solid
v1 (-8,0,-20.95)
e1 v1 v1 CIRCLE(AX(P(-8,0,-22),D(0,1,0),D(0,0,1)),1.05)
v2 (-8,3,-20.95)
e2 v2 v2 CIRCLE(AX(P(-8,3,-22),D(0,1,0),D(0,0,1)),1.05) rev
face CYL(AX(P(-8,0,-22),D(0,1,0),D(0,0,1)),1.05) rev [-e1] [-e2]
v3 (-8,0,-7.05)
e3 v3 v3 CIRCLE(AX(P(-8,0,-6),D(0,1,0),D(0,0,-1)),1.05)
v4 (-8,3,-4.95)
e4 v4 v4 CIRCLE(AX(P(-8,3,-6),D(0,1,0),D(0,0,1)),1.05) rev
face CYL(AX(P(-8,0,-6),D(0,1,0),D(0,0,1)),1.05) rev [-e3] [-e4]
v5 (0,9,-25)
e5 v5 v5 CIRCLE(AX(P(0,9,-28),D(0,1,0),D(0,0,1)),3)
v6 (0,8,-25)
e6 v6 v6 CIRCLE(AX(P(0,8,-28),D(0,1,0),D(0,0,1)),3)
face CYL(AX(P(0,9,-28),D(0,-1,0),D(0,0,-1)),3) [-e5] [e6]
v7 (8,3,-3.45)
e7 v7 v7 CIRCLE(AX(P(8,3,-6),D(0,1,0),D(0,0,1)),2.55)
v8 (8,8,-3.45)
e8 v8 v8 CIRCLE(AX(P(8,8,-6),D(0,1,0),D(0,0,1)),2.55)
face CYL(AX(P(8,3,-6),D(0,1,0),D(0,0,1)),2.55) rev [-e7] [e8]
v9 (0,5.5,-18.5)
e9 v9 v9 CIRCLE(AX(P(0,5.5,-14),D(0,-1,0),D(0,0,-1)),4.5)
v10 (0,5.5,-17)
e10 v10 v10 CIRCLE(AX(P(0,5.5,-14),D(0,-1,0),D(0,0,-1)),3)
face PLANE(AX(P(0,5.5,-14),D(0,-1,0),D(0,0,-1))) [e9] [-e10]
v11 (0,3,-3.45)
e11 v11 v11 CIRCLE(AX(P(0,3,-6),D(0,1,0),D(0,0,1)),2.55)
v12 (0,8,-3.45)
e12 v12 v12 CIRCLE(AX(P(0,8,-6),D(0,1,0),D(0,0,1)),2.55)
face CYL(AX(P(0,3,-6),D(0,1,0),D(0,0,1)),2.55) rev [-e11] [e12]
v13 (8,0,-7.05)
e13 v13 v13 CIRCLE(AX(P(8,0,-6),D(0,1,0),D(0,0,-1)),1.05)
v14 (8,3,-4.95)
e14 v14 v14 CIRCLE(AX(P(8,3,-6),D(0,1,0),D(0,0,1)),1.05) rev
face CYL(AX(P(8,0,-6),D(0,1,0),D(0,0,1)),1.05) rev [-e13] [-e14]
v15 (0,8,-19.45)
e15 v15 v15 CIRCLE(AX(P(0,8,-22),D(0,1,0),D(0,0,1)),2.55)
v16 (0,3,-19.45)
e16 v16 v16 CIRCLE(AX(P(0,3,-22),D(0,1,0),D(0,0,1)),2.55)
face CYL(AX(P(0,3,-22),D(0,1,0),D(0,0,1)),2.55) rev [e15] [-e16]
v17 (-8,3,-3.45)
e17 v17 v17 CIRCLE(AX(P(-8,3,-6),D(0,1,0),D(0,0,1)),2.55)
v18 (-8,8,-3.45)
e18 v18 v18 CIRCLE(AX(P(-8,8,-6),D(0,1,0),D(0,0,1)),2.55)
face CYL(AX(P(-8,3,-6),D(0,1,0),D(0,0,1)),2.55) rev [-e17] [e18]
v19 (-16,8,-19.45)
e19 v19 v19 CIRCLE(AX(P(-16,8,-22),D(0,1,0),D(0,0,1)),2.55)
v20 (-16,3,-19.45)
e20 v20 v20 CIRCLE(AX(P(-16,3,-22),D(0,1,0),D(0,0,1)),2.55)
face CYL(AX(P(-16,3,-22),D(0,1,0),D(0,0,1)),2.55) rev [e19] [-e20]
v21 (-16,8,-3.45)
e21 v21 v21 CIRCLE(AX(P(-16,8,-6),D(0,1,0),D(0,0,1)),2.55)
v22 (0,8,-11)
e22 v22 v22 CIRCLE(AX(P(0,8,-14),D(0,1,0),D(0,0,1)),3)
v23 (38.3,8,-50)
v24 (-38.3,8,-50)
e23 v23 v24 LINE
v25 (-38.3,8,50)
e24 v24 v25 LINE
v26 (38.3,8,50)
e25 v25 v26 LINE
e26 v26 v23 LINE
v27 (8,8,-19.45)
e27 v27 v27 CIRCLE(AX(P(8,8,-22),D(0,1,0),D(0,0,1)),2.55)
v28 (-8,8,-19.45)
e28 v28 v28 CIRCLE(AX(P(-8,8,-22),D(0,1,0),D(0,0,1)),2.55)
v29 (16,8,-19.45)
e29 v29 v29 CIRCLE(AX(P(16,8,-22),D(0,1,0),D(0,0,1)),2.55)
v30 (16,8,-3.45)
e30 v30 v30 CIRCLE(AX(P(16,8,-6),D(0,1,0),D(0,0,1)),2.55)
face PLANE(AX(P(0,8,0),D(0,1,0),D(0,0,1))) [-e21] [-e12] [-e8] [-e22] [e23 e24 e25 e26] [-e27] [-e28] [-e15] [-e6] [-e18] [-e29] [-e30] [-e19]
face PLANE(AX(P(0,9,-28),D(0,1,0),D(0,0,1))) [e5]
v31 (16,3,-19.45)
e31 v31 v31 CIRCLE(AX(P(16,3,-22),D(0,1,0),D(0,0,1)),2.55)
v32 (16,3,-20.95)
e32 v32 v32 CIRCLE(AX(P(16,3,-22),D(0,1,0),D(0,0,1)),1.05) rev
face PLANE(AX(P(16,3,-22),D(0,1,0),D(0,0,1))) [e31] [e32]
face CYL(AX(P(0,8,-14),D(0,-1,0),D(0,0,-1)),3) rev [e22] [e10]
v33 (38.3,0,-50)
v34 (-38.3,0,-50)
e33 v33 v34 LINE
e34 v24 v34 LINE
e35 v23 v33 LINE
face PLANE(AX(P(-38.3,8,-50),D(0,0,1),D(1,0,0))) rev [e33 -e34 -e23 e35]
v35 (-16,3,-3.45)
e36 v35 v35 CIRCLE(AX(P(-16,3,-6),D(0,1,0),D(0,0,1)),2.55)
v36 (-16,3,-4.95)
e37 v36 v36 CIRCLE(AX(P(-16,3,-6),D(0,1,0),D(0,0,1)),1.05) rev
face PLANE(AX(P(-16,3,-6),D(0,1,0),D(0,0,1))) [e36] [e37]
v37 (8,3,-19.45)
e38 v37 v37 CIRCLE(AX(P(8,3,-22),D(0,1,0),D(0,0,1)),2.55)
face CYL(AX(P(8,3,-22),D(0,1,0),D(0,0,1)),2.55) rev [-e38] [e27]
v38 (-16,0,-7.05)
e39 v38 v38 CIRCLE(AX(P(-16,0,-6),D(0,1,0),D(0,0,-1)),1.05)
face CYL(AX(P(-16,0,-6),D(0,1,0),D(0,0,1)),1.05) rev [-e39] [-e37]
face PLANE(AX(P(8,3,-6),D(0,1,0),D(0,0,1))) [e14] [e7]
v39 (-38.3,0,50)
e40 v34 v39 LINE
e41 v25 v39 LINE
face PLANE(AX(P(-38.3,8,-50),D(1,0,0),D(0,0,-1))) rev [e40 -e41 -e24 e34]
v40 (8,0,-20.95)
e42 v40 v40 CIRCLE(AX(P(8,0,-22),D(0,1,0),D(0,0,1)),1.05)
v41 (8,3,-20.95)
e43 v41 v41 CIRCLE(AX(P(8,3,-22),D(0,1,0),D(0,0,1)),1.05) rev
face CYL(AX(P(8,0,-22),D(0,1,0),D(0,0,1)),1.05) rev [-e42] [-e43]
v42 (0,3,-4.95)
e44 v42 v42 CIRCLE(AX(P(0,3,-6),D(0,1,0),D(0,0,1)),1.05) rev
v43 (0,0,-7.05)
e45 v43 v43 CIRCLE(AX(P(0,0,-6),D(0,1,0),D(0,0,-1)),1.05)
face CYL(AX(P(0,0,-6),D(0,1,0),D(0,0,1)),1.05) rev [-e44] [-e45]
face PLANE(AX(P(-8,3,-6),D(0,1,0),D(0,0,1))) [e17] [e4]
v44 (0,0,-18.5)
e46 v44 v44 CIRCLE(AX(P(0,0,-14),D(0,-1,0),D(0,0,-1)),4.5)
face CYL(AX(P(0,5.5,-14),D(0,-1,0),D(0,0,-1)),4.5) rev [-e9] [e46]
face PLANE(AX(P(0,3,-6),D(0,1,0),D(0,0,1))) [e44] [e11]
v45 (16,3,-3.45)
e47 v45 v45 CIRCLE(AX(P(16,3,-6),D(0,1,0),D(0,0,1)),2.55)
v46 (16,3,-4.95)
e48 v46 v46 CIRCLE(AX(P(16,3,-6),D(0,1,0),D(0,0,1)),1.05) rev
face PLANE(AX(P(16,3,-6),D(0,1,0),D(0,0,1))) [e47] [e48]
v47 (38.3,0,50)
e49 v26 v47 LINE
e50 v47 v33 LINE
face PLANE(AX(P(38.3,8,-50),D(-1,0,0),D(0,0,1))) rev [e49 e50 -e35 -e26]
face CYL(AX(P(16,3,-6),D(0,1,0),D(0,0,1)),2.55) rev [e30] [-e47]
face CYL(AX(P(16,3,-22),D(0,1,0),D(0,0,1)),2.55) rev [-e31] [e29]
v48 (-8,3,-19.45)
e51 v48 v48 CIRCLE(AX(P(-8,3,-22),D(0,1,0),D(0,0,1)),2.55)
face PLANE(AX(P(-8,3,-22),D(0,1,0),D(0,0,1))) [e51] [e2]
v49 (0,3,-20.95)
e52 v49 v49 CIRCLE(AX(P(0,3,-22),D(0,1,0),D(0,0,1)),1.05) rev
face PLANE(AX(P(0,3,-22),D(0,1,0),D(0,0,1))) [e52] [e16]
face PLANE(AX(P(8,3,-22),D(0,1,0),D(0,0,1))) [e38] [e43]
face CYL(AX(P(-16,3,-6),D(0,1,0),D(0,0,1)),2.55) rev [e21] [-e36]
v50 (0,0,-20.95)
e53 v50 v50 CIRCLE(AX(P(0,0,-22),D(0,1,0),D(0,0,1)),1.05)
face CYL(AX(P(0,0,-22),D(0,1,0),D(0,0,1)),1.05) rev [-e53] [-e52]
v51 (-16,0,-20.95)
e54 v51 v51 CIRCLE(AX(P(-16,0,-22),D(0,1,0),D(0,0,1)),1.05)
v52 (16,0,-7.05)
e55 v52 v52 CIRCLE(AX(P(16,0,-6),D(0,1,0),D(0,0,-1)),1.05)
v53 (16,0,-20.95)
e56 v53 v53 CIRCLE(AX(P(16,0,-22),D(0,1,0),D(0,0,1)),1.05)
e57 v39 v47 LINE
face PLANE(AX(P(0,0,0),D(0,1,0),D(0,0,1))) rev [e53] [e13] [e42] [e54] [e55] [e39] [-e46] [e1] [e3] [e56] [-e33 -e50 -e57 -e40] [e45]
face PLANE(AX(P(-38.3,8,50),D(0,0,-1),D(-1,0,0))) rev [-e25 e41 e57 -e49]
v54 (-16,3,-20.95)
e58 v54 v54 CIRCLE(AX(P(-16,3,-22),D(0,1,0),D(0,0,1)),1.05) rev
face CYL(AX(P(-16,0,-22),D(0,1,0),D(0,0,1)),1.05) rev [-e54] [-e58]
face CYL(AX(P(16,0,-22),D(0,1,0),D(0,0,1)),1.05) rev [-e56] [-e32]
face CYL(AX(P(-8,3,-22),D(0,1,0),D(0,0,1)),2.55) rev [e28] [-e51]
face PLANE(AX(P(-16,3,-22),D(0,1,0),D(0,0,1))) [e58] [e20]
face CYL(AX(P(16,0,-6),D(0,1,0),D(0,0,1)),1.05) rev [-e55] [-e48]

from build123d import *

# Parameters (mm, degrees)
SKETCH_1_W          = 76.6
SKETCH_1_H          = 100
SKETCH_1_R          = 3
EXTRUDE_1_DEPTH     = 8
SKETCH_2_R          = 4.5
CUT_EXTRUDE_1_DEPTH = 5.5
SKETCH_3_R          = 3
EXTRUDE_2_DEPTH     = 1
SKETCH_5_R          = 1.05
CUT_EXTRUDE_2_DEPTH = 64.489290435
SKETCH_6_R          = 2.55
CUT_EXTRUDE_3_DEPTH = 5


with BuildPart() as part:
    # ｽｹｯﾁ1 → ﾎﾞｽ - 押し出し1 (new body)
    with BuildSketch(Plane(origin=(0, 0, 0), x_dir=(1, 0, 0), z_dir=(0, 1, 0))):
        Rectangle(SKETCH_1_W, SKETCH_1_H)
        with Locations(Location((0, 14, 0), (0, 0, 270))):
            Circle(SKETCH_1_R, mode=Mode.SUBTRACT)
    extrude(amount=EXTRUDE_1_DEPTH)

    # ｽｹｯﾁ2 → ｶｯﾄ - 押し出し1 (cut)
    with BuildSketch(Plane.XZ):
        with Locations(Location((0, -14, 0), (0, 0, 270))):
            Circle(SKETCH_2_R)
    extrude(amount=-CUT_EXTRUDE_1_DEPTH, mode=Mode.SUBTRACT)

    # ｽｹｯﾁ3 → ﾎﾞｽ - 押し出し2 (add)
    with BuildSketch(Plane(origin=(0, 8, 0), x_dir=(1, 0, 0), z_dir=(0, 1, 0))):
        with Locations(Location((0, 28, 0), (0, 0, 270))):
            Circle(SKETCH_3_R)
    extrude(amount=EXTRUDE_2_DEPTH)

    # ｽｹｯﾁ5 → ｶｯﾄ - 押し出し2 (cut, through all)
    with BuildSketch(Plane(origin=(0, 8, 0), x_dir=(1, 0, 0), z_dir=(0, 1, 0))):
        with Locations(Location((0, 22, 0), (0, 0, 270))):
            Circle(SKETCH_5_R)
        with Locations(Location((8, 22, 0), (0, 0, 270))):
            Circle(SKETCH_5_R)
        with Locations(Location((16, 22, 0), (0, 0, 270))):
            Circle(SKETCH_5_R)
        with Locations(Location((-8, 22, 0), (0, 0, 270))):
            Circle(SKETCH_5_R)
        with Locations(Location((-16, 22, 0), (0, 0, 270))):
            Circle(SKETCH_5_R)
        with Locations(Location((-16, 6, 0), (0, 0, 90))):
            Circle(SKETCH_5_R)
        with Locations(Location((-8, 6, 0), (0, 0, 90))):
            Circle(SKETCH_5_R)
        with Locations(Location((16, 6, 0), (0, 0, 90))):
            Circle(SKETCH_5_R)
        with Locations(Location((8, 6, 0), (0, 0, 90))):
            Circle(SKETCH_5_R)
        with Locations(Location((0, 6, 0), (0, 0, 90))):
            Circle(SKETCH_5_R)
    extrude(amount=-CUT_EXTRUDE_2_DEPTH, mode=Mode.SUBTRACT)

    # ｽｹｯﾁ6 → ｶｯﾄ - 押し出し3 (cut)
    with BuildSketch(Plane(origin=(0, 8, 0), x_dir=(1, 0, 0), z_dir=(0, 1, 0))):
        with Locations(Location((-8, 22, 0), (0, 0, 270))):
            Circle(SKETCH_6_R)
        with Locations(Location((-16, 22, 0), (0, 0, 270))):
            Circle(SKETCH_6_R)
        with Locations(Location((0, 22, 0), (0, 0, 270))):
            Circle(SKETCH_6_R)
        with Locations(Location((8, 22, 0), (0, 0, 270))):
            Circle(SKETCH_6_R)
        with Locations(Location((16, 22, 0), (0, 0, 270))):
            Circle(SKETCH_6_R)
        with Locations(Location((-8, 6, 0), (0, 0, 270))):
            Circle(SKETCH_6_R)
        with Locations(Location((0, 6, 0), (0, 0, 270))):
            Circle(SKETCH_6_R)
        with Locations(Location((8, 6, 0), (0, 0, 270))):
            Circle(SKETCH_6_R)
        with Locations(Location((16, 6, 0), (0, 0, 270))):
            Circle(SKETCH_6_R)
        with Locations(Location((-16, 6, 0), (0, 0, 270))):
            Circle(SKETCH_6_R)
    extrude(amount=-CUT_EXTRUDE_3_DEPTH, mode=Mode.SUBTRACT)


solid = part.part
